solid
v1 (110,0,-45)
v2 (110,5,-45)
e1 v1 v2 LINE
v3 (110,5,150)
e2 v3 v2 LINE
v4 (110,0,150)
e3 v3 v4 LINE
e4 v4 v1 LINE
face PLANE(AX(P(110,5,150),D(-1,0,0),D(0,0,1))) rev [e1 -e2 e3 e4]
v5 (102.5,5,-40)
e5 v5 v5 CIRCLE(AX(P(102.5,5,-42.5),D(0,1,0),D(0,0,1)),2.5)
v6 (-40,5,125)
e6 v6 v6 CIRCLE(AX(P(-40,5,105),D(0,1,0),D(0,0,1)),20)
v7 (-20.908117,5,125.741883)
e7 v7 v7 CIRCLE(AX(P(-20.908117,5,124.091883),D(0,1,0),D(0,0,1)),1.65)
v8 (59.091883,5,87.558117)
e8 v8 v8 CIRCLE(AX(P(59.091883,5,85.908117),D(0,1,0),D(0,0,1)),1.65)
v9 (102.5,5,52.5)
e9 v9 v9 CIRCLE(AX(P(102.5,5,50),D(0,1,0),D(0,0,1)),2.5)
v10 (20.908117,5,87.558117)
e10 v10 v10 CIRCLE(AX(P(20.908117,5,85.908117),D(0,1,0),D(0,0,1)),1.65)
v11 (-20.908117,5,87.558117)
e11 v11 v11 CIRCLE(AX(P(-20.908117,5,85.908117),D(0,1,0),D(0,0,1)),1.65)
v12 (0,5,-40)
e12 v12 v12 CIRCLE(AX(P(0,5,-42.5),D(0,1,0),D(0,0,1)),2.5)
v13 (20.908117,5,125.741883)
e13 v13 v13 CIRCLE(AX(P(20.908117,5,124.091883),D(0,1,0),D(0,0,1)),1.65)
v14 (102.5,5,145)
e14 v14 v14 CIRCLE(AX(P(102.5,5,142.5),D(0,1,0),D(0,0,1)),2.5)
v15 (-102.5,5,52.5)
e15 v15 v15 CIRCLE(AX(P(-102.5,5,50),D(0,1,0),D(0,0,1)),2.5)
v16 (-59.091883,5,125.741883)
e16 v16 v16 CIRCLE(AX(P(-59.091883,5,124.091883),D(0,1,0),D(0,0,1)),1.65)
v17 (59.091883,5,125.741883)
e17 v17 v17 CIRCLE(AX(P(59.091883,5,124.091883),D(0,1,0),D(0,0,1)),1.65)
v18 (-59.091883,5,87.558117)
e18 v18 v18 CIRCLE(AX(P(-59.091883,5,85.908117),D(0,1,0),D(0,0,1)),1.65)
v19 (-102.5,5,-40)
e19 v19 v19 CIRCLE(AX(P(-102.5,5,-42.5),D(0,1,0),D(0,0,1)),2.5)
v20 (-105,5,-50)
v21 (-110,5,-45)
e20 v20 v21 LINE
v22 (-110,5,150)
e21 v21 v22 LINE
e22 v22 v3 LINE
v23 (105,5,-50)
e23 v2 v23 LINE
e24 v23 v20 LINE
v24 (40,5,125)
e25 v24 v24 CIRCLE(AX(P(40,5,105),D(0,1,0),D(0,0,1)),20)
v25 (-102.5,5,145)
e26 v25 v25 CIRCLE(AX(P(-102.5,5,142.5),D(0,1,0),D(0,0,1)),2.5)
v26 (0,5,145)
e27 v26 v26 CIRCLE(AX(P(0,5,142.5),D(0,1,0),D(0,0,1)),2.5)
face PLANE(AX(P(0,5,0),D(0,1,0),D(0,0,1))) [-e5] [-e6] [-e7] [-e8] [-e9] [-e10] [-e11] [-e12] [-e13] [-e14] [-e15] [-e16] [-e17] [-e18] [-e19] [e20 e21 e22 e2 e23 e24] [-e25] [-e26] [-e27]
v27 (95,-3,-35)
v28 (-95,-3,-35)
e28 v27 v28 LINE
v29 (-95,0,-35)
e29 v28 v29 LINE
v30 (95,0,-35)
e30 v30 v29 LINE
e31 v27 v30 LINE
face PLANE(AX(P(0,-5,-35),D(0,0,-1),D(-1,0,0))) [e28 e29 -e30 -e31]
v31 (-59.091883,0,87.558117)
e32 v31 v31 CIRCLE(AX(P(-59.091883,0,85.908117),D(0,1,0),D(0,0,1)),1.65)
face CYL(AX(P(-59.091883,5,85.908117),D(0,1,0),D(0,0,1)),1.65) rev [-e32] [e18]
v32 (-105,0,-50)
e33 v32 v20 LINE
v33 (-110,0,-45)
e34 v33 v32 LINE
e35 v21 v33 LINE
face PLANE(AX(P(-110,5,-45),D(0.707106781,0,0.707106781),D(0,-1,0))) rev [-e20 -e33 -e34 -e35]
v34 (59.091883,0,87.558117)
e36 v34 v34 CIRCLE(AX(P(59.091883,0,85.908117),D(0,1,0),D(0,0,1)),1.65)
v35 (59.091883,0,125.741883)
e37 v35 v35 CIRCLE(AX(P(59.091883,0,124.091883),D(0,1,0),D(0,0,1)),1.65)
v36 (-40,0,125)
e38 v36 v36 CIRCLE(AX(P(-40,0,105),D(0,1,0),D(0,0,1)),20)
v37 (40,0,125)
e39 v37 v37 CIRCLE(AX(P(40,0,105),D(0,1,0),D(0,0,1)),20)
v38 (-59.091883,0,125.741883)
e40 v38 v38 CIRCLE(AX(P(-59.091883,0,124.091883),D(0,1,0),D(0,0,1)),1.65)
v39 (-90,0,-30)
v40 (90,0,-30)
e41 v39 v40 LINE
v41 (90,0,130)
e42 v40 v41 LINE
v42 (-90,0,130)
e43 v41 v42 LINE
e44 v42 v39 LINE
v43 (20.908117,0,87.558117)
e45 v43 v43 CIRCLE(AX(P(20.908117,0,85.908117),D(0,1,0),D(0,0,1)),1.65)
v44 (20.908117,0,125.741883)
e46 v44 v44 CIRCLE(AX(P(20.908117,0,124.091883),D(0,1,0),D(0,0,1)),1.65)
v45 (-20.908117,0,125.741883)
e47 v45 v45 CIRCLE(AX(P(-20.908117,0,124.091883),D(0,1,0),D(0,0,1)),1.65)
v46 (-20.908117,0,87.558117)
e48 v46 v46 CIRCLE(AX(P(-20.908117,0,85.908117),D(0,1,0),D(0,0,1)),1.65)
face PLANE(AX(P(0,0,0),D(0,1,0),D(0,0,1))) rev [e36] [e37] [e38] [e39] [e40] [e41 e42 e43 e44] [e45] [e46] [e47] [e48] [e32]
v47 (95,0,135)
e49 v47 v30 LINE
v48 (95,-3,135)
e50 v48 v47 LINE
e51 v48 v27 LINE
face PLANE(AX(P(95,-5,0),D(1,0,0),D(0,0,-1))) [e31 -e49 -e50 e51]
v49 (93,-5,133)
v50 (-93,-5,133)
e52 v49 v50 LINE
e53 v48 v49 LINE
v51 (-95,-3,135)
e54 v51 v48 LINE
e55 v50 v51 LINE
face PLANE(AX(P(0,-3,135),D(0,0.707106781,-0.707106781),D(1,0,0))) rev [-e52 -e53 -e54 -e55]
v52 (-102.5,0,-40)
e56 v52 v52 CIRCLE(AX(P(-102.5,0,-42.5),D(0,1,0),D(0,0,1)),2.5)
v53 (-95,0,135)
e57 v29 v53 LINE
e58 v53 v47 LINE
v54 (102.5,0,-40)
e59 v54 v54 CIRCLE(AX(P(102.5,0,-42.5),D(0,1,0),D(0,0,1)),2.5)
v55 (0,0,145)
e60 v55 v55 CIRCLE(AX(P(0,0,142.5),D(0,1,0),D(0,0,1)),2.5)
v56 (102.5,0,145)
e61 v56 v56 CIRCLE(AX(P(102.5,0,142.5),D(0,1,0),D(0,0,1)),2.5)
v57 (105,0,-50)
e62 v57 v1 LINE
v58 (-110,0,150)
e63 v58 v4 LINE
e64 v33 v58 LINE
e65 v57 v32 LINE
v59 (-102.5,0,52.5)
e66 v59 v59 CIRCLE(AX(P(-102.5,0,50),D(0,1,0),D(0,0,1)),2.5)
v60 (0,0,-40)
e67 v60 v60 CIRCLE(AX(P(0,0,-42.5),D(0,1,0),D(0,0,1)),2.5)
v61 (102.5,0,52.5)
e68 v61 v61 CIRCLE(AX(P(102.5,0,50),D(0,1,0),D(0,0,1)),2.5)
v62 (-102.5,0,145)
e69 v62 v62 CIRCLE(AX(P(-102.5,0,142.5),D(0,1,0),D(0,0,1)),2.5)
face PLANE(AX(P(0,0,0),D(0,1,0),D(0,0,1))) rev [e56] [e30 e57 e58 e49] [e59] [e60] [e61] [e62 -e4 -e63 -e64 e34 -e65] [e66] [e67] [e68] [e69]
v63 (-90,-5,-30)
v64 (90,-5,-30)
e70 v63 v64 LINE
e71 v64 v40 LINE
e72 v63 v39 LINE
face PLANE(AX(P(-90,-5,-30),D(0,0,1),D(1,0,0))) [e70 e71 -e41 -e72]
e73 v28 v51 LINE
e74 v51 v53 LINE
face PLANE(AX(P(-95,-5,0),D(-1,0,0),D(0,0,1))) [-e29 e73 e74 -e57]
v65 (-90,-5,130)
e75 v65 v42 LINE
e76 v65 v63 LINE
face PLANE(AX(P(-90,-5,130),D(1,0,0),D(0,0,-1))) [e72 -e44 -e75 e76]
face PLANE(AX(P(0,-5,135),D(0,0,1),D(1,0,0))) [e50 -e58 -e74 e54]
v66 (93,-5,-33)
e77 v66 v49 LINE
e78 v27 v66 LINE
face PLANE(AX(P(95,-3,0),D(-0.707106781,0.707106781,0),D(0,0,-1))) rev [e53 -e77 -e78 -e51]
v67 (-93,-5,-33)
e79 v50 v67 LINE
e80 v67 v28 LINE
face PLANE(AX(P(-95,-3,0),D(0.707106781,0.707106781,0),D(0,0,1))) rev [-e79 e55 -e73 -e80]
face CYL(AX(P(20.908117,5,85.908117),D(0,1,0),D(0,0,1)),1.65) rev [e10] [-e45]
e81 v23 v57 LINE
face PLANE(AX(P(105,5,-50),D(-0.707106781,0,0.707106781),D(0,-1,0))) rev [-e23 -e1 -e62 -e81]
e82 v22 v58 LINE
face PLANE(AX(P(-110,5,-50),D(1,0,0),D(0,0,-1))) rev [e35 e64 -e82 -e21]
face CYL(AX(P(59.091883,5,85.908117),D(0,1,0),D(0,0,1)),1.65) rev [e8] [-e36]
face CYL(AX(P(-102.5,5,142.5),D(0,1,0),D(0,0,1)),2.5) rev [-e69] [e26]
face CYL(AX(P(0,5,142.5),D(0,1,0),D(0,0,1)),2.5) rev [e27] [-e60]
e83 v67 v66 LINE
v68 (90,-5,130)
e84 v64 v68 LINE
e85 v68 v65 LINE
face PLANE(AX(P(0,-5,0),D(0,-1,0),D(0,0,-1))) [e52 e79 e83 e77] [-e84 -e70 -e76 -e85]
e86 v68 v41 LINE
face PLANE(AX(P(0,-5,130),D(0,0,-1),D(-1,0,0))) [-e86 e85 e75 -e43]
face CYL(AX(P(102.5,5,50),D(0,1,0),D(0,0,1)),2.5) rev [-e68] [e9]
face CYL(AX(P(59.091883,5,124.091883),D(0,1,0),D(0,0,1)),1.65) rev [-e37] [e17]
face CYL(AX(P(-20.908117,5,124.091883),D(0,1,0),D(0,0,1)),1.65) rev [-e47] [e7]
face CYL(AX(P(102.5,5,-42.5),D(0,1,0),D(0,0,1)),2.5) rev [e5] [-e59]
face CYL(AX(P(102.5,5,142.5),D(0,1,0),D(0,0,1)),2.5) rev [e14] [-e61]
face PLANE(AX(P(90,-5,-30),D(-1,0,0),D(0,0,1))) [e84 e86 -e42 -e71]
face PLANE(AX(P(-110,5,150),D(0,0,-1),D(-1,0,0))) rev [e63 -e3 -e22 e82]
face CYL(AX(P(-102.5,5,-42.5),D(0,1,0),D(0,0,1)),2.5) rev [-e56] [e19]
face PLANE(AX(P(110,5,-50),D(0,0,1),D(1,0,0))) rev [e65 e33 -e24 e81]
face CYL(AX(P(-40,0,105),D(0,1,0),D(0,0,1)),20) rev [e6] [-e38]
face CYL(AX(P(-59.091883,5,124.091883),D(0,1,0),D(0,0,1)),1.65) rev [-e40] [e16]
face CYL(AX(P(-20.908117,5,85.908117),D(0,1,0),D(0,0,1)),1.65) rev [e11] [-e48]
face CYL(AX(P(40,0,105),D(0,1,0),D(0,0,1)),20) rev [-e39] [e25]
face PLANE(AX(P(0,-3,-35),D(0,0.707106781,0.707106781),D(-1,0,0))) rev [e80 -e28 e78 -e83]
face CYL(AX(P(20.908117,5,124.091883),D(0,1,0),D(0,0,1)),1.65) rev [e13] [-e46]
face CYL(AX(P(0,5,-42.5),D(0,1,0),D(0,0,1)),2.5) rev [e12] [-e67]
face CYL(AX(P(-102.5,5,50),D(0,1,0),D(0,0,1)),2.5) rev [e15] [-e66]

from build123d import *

# Parameters (mm, degrees)
BOSS_EXTRUDE1_DEPTH   = 5
CHAMFER1_SIZE         = 5
BOSS_EXTRUDE5_DEPTH   = 5
CHAMFER2_SIZE         = 2
SKETCH9_R             = 20
CUT_EXTRUDE4_DEPTH    = 5
M6_TAPPED_HOLE1_D     = 5
M4_TAPPED_HOLE1_D     = 3.3
M4_TAPPED_HOLE1_DEPTH = 5
M4_TAPPED_HOLE1_TIP   = 0.991420021


with BuildPart() as part:
    # Sketch1 → Boss-Extrude1 (new body)
    with BuildSketch(Plane(origin=(0, 0, 0), x_dir=(1, 0, 0), z_dir=(0, 1, 0))):
        Polygon((-110, -150), (110, -150), (110, 50), (-102.5, 50), (-110, 50), align=None)
    extrude(amount=BOSS_EXTRUDE1_DEPTH)

    # Chamfer1
    chamfer1_edges = [part.edges().sort_by_distance(p)[0] for p in [
        (110, 2.5, -50),
        (-110, 2.5, -50),
    ]]
    chamfer(chamfer1_edges, length=CHAMFER1_SIZE)

    # Sketch4 → Boss-Extrude5 (add)
    with BuildSketch(Plane.XZ):
        Polygon((95, 135), (0, 135), (-95, 135), (-95, -35), (95, -35), align=None)
        Polygon((-90, 130), (0, 130), (90, 130), (90, -30), (-90, -30), align=None, mode=Mode.SUBTRACT)
    extrude(amount=BOSS_EXTRUDE5_DEPTH)

    # Chamfer2
    chamfer2_edges = [part.edges().sort_by_distance(p)[0] for p in [
        (0, -5, 135),
        (-95, -5, 50),
        (0, -5, -35),
        (95, -5, 50),
    ]]
    chamfer(chamfer2_edges, length=CHAMFER2_SIZE)

    # Sketch9 → Cut-Extrude4 (cut)
    with BuildSketch(Plane(origin=(0, 5, 0), x_dir=(1, 0, 0), z_dir=(0, 1, 0))):
        with Locations(Location((40, -105, 0), (0, 0, 270))):
            Circle(SKETCH9_R)
        with Locations(Location((-40, -105, 0), (0, 0, 270))):
            Circle(SKETCH9_R)
    extrude(amount=-CUT_EXTRUDE4_DEPTH, mode=Mode.SUBTRACT)

    # M6 Tapped Hole1 (through all)
    with Locations(Plane(origin=(0, 5, 0), x_dir=(1, 0, 0), z_dir=(0, 1, 0))):
        with Locations((-102.5, 42.5), (0, 42.5), (102.5, 42.5), (102.5, -50), (-102.5, -50), (-102.5, -142.5), (0, -142.5), (102.5, -142.5)):
            Hole(M6_TAPPED_HOLE1_D / 2)

    # M4 Tapped Hole1
    with Locations(Plane(origin=(0, 5, 0), x_dir=(1, 0, 0), z_dir=(0, 1, 0))):
        with Locations((-59.091883092, -85.908116908), (-20.908116908, -85.908116908), (-20.908116908, -124.091883092), (-59.091883092, -124.091883092), (20.908116908, -85.908116908), (59.091883092, -85.908116908), (59.091883092, -124.091883092), (20.908116908, -124.091883092)):
            Hole(M4_TAPPED_HOLE1_D / 2, depth=M4_TAPPED_HOLE1_DEPTH)
            with Locations((0, 0, -(M4_TAPPED_HOLE1_DEPTH + M4_TAPPED_HOLE1_TIP / 2))):  # 118° drill point
                Cone(0, M4_TAPPED_HOLE1_D / 2, M4_TAPPED_HOLE1_TIP, mode=Mode.SUBTRACT)


solid = part.part
